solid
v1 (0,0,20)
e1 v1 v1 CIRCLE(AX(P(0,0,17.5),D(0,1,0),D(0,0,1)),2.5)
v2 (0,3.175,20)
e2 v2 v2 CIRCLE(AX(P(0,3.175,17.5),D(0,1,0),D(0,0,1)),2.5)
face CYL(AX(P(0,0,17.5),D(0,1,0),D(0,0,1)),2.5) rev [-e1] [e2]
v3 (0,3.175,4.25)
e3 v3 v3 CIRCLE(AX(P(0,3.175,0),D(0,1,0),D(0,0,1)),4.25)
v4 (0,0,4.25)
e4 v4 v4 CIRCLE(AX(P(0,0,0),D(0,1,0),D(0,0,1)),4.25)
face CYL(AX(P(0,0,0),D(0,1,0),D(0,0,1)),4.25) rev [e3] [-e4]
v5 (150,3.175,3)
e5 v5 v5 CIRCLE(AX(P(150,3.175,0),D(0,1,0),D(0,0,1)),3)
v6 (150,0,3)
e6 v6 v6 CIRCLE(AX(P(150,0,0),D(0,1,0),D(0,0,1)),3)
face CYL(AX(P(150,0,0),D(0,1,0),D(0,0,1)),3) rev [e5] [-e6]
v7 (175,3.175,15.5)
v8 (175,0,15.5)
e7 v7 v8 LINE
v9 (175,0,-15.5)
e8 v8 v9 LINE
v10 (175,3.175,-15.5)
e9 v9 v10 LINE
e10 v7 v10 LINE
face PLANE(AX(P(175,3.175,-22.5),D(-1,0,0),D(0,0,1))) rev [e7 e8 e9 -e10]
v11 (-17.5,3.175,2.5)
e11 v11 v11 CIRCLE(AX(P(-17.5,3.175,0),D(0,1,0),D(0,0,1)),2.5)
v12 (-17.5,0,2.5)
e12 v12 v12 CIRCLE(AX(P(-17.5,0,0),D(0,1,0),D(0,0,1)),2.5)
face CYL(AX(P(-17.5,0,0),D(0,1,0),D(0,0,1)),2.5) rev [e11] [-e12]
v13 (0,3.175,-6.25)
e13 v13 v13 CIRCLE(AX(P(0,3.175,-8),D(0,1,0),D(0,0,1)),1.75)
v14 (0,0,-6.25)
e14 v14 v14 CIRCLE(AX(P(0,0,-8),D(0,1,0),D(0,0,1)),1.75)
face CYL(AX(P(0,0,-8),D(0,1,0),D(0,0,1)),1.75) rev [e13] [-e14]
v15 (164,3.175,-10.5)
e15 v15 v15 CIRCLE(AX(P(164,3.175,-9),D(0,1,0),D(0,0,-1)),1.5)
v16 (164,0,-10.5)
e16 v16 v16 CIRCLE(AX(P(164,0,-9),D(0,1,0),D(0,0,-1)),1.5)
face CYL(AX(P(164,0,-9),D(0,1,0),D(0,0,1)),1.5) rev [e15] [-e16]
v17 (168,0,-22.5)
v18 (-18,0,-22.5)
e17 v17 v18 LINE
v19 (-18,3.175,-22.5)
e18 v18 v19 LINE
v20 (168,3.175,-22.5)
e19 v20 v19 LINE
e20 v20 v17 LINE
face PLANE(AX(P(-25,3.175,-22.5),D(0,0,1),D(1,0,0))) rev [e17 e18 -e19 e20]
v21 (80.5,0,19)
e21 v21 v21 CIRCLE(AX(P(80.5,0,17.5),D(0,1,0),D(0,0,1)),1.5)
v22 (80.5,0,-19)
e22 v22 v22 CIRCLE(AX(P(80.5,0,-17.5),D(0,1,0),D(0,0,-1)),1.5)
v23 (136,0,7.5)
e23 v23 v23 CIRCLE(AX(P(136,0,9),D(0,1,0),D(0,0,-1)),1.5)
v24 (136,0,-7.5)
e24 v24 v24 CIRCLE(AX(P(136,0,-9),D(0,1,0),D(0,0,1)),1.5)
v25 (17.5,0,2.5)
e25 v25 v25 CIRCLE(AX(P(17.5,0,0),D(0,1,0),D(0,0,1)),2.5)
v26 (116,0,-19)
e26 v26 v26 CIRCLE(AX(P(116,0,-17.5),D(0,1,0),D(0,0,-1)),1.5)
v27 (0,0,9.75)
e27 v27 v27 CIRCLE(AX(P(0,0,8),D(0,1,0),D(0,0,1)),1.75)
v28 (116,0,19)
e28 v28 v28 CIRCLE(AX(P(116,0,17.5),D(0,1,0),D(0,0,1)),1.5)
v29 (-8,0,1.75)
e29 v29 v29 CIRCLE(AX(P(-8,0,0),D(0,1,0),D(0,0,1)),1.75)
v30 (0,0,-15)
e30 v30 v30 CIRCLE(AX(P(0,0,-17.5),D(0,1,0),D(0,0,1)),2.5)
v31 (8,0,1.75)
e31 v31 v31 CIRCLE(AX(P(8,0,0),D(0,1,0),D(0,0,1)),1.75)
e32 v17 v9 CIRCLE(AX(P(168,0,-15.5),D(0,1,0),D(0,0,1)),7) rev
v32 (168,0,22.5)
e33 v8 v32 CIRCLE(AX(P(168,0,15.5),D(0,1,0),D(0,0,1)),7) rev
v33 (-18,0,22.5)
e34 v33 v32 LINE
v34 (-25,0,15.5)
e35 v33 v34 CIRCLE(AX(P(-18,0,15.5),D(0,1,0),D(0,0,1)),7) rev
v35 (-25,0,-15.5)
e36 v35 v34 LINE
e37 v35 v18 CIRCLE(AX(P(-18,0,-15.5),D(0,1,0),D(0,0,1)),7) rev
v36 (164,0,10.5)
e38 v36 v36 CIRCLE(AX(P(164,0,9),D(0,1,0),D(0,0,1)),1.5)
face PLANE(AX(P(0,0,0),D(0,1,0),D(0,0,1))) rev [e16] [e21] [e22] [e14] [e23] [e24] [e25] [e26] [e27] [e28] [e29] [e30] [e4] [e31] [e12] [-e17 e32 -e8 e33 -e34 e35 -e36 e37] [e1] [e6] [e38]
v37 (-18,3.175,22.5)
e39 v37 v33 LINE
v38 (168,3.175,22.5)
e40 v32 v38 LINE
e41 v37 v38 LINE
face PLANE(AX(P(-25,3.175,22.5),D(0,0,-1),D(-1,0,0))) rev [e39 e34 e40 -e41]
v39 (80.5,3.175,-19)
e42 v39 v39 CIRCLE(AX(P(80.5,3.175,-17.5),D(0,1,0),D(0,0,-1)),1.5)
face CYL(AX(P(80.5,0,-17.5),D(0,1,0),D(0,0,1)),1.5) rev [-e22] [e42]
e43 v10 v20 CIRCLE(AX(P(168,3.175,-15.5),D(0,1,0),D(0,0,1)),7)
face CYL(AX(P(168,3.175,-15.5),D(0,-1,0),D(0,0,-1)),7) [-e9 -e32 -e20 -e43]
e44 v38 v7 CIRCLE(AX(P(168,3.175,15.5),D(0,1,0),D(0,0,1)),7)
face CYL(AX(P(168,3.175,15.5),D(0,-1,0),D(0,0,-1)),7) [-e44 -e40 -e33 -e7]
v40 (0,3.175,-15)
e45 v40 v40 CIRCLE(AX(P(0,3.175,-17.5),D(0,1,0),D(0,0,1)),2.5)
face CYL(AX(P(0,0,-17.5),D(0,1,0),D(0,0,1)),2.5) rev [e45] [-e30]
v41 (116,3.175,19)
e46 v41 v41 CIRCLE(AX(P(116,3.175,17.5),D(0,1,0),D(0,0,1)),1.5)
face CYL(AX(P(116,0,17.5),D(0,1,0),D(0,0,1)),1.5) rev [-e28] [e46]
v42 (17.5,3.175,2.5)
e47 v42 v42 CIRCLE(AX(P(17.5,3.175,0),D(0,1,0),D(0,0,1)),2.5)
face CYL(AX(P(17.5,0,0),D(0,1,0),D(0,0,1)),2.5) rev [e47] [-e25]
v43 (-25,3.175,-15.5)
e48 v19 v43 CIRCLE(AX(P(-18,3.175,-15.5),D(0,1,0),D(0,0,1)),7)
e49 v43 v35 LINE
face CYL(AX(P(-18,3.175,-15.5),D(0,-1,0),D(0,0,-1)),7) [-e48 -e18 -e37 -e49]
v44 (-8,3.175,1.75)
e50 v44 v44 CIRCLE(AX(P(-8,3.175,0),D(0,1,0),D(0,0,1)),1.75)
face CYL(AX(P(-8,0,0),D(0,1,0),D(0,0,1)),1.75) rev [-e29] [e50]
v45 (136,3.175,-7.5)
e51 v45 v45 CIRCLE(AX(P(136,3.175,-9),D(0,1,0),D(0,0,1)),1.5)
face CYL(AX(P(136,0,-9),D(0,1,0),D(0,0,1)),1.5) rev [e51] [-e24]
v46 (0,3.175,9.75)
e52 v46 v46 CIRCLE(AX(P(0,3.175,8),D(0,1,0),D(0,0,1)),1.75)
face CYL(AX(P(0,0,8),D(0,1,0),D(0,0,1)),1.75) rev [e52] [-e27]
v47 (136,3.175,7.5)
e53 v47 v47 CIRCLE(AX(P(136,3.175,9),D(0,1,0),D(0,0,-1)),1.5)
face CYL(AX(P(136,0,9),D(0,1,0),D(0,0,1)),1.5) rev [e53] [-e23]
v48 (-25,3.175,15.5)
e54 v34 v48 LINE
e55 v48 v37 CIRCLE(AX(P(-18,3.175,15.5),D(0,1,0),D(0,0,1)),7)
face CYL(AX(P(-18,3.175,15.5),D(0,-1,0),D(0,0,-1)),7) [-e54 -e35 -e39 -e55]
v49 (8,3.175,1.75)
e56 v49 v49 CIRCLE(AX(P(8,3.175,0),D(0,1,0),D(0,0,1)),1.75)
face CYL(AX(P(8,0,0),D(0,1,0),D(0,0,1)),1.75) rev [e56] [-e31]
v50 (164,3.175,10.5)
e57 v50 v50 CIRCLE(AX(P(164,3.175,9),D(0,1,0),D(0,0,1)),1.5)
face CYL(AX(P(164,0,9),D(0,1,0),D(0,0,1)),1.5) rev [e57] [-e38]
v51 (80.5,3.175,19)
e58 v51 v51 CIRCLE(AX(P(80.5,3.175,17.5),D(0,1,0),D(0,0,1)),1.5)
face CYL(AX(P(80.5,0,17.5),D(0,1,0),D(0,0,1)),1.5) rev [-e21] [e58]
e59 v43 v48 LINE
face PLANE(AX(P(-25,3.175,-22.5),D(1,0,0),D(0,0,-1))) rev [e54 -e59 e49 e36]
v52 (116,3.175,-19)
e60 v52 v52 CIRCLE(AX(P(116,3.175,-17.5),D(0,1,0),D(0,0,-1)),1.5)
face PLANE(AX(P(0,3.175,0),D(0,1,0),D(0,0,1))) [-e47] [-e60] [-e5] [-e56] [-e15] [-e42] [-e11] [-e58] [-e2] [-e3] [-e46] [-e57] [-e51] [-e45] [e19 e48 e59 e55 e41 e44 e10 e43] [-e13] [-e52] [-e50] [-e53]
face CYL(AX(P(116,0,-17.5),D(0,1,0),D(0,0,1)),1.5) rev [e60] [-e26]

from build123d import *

# Parameters (mm, degrees)
SKETCH1_W           = 200
SKETCH1_H           = 45
BOSS_EXTRUDE1_DEPTH = 3.175
SKETCH4_R           = 3
SKETCH4_R_2         = 1.5
CUT_EXTRUDE1_DEPTH  = 177.469064215
SKETCH5_R           = 4.25
CUT_EXTRUDE2_DEPTH  = 177.469064215
SKETCH10_R          = 1.5
CUT_EXTRUDE4_DEPTH  = 177.469064215
FILLET1_R           = 7
SKETCH11_R          = 2.5
CUT_EXTRUDE5_DEPTH  = 177.469064215
SKETCH12_R          = 1.75
CUT_EXTRUDE6_DEPTH  = 177.469064215


with BuildPart() as part:
    # Sketch1 → Boss-Extrude1 (new body)
    with BuildSketch(Plane(origin=(0, 0, 0), x_dir=(1, 0, 0), z_dir=(0, 1, 0))):
        with Locations((75, 0)):
            Rectangle(SKETCH1_W, SKETCH1_H)
    extrude(amount=BOSS_EXTRUDE1_DEPTH)

    # Sketch4 → Cut-Extrude1 (cut, through all)
    with BuildSketch(Plane(origin=(0, 3.175, 0), x_dir=(1, 0, 0), z_dir=(0, 1, 0))):
        with Locations(Location((150, 0, 0), (0, 0, 270))):
            Circle(SKETCH4_R)
        with Locations(Location((136, 9, 0), (0, 0, 270))):
            Circle(SKETCH4_R_2)
        with Locations(Location((164, 9, 0), (0, 0, 90))):
            Circle(SKETCH4_R_2)
        with Locations(Location((164, -9, 0), (0, 0, 270))):
            Circle(SKETCH4_R_2)
        with Locations(Location((136, -9, 0), (0, 0, 90))):
            Circle(SKETCH4_R_2)
    extrude(amount=-CUT_EXTRUDE1_DEPTH, mode=Mode.SUBTRACT)

    # Sketch5 → Cut-Extrude2 (cut, through all)
    with BuildSketch(Plane(origin=(0, 3.175, 0), x_dir=(1, 0, 0), z_dir=(0, 1, 0))):
        with Locations(Location((0, 0, 0), (0, 0, 270))):
            Circle(SKETCH5_R)
    extrude(amount=-CUT_EXTRUDE2_DEPTH, mode=Mode.SUBTRACT)

    # Sketch10 → Cut-Extrude4 (cut, through all)
    with BuildSketch(Plane(origin=(0, 3.175, 0), x_dir=(1, 0, 0), z_dir=(0, 1, 0))):
        with Locations(Location((80.5, -17.5, 0), (0, 0, 270))):
            Circle(SKETCH10_R)
        with Locations(Location((116, -17.5, 0), (0, 0, 270))):
            Circle(SKETCH10_R)
        with Locations(Location((116, 17.5, 0), (0, 0, 90))):
            Circle(SKETCH10_R)
        with Locations(Location((80.5, 17.5, 0), (0, 0, 90))):
            Circle(SKETCH10_R)
    extrude(amount=-CUT_EXTRUDE4_DEPTH, mode=Mode.SUBTRACT)

    # Fillet1
    fillet1_edges = [part.edges().sort_by_distance(p)[0] for p in [
        (-25, 1.5875, -22.5),
        (175, 1.5875, -22.5),
        (175, 1.5875, 22.5),
        (-25, 1.5875, 22.5),
    ]]
    fillet(fillet1_edges, radius=FILLET1_R)

    # Sketch11 → Cut-Extrude5 (cut, through all)
    with BuildSketch(Plane(origin=(0, 3.175, 0), x_dir=(1, 0, 0), z_dir=(0, 1, 0))):
        with Locations(Location((0, 17.5, 0), (0, 0, 270))):
            Circle(SKETCH11_R)
        with Locations(Location((17.5, 0, 0), (0, 0, 270))):
            Circle(SKETCH11_R)
        with Locations(Location((0, -17.5, 0), (0, 0, 270))):
            Circle(SKETCH11_R)
        with Locations(Location((-17.5, 0, 0), (0, 0, 270))):
            Circle(SKETCH11_R)
    extrude(amount=-CUT_EXTRUDE5_DEPTH, mode=Mode.SUBTRACT)

    # Sketch12 → Cut-Extrude6 (cut, through all)
    with BuildSketch(Plane(origin=(0, 3.175, 0), x_dir=(1, 0, 0), z_dir=(0, 1, 0))):
        with Locations(Location((0, 8, 0), (0, 0, 270))):
            Circle(SKETCH12_R)
        with Locations(Location((8, 0, 0), (0, 0, 270))):
            Circle(SKETCH12_R)
        with Locations(Location((0, -8, 0), (0, 0, 270))):
            Circle(SKETCH12_R)
        with Locations(Location((-8, 0, 0), (0, 0, 270))):
            Circle(SKETCH12_R)
    extrude(amount=-CUT_EXTRUDE6_DEPTH, mode=Mode.SUBTRACT)


solid = part.part
